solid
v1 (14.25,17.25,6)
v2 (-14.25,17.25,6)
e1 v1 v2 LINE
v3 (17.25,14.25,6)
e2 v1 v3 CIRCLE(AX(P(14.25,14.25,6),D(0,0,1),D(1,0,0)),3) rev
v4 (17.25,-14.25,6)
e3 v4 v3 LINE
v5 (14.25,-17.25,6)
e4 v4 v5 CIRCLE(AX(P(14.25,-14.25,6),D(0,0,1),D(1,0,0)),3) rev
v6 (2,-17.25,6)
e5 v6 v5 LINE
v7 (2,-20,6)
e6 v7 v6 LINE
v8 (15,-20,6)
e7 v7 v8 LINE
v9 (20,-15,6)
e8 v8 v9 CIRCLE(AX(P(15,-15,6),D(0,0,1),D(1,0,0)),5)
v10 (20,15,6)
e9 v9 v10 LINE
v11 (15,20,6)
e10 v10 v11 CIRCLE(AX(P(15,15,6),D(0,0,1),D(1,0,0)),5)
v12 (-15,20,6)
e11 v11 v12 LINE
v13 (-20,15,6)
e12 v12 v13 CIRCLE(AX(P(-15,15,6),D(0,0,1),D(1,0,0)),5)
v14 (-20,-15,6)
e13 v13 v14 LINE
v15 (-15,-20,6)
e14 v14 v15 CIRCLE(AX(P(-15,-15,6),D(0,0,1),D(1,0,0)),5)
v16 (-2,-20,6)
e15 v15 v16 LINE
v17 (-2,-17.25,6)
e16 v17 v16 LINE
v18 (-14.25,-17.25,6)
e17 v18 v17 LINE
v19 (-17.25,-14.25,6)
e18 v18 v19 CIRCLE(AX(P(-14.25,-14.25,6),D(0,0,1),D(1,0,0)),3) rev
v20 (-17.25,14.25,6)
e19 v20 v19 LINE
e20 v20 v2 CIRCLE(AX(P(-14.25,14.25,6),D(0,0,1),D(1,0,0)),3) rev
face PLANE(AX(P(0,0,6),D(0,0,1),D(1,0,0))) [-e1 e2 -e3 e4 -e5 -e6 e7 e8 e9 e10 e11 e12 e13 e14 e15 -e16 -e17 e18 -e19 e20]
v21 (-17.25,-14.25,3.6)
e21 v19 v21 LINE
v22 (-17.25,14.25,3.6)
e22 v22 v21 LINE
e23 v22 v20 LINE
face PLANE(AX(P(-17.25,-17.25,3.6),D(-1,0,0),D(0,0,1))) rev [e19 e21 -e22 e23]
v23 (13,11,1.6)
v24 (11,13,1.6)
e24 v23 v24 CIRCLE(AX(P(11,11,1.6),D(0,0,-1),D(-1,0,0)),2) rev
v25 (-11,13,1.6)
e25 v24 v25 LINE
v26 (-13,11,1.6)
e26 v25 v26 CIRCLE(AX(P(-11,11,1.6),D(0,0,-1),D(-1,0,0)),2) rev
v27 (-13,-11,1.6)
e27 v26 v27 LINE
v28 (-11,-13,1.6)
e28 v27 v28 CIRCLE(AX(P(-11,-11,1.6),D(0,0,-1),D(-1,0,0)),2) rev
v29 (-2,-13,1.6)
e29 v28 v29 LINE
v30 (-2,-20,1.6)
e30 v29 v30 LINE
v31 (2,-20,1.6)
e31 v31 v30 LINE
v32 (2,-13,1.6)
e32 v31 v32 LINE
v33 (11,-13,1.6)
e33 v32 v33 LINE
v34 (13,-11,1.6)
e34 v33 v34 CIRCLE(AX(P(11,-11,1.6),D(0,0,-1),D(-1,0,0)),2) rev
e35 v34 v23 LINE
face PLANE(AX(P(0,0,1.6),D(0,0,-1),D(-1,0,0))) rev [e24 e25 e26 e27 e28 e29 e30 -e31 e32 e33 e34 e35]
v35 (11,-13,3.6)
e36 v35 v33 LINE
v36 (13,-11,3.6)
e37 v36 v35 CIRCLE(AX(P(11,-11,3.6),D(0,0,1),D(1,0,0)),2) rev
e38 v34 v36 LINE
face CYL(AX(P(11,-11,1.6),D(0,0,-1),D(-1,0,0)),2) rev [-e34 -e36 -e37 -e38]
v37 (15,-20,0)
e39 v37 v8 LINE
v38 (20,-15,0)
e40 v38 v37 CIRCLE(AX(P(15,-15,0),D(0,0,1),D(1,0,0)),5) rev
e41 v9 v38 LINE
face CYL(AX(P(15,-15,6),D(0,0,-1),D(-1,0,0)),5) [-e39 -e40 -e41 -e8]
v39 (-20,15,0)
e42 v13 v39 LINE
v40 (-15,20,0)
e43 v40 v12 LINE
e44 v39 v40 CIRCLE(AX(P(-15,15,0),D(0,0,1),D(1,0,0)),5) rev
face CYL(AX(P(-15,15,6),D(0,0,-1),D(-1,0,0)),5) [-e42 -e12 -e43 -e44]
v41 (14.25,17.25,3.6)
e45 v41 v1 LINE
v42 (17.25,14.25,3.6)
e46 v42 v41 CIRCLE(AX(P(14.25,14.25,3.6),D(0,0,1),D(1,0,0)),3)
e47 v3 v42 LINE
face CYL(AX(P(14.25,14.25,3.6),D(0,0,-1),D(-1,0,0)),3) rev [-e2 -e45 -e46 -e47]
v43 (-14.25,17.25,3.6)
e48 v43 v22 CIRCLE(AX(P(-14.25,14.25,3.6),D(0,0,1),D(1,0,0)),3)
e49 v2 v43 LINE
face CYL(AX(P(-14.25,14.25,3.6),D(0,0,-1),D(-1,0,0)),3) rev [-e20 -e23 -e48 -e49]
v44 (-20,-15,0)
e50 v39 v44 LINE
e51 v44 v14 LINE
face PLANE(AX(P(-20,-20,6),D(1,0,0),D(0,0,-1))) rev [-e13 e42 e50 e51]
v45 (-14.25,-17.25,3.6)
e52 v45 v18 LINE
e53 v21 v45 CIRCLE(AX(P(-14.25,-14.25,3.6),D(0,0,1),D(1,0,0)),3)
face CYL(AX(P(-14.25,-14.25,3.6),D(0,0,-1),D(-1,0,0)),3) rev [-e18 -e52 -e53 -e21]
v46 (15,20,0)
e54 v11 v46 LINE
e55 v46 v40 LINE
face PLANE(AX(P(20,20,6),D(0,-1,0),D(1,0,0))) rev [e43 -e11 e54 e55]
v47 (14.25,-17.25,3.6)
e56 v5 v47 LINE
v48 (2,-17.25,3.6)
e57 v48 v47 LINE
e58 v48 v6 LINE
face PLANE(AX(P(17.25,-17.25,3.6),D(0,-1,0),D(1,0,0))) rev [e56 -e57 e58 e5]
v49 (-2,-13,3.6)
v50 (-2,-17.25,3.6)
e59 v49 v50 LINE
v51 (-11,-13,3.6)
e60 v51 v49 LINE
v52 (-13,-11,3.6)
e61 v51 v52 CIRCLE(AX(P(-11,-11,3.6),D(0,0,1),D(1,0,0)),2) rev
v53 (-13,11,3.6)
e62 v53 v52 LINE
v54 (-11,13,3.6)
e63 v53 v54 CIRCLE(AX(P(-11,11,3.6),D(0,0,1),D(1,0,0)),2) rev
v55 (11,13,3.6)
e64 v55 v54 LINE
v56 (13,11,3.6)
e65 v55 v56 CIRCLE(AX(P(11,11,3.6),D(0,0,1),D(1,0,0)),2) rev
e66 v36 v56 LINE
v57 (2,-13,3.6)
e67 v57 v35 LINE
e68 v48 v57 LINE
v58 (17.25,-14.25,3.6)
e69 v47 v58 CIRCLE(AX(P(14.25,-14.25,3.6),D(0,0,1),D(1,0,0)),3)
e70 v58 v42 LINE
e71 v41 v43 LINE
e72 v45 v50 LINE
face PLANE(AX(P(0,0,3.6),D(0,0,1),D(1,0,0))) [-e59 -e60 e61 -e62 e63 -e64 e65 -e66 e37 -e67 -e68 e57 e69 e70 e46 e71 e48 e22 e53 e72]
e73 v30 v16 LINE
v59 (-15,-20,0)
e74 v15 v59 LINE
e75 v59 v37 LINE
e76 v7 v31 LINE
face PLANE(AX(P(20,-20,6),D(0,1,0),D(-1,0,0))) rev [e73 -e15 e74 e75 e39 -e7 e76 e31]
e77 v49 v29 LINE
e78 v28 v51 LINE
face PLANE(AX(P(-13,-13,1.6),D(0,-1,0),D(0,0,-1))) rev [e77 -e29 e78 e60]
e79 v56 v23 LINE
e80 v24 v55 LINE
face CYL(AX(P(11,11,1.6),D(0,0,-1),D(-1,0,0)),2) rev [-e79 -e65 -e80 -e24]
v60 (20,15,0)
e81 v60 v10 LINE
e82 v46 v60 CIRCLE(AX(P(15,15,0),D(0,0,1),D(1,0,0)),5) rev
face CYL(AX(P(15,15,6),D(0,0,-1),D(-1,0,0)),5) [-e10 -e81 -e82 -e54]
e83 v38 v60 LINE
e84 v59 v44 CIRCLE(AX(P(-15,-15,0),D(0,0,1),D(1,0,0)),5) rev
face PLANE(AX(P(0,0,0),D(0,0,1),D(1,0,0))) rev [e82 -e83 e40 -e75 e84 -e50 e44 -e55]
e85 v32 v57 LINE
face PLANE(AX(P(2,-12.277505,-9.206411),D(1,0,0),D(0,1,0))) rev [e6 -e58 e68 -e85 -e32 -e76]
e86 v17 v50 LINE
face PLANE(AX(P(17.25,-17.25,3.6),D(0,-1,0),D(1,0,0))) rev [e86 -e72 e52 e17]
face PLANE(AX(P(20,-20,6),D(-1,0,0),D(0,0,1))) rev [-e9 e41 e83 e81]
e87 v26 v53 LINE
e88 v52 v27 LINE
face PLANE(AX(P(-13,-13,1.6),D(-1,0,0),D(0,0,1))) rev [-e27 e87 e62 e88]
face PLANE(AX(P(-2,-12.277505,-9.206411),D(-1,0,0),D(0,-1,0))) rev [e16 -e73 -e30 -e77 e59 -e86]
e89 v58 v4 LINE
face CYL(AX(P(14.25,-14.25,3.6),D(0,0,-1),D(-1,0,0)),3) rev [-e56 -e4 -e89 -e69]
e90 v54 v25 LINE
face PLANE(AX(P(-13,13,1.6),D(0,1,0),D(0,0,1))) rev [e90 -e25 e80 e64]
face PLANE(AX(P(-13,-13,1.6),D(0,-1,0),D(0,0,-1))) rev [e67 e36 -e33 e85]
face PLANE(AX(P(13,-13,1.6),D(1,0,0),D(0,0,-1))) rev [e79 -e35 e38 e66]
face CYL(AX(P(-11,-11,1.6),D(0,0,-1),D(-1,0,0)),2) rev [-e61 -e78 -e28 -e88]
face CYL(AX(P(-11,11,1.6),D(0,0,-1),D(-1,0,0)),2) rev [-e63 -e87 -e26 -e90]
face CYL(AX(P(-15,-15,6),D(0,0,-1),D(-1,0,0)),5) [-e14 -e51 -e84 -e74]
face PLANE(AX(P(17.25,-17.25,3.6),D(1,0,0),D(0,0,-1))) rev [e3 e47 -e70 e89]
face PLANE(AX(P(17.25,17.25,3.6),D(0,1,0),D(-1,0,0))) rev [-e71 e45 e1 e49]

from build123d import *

# Parameters (mm, degrees)
SKIZZE1_W                       = 40
SKIZZE1_H                       = 40
AUFSATZ_LINEAR_AUSTRAGEN1_DEPTH = 6
VERRUNDUNG1_R                   = 5
SKIZZE2_W                       = 34.5
SKIZZE2_H                       = 34.5
SCHNITT_LINEAR_AUSTRAGEN1_DEPTH = 2.4
VERRUNDUNG2_R                   = 3
SKIZZE3_W                       = 26
SKIZZE3_H                       = 26
SCHNITT_LINEAR_AUSTRAGEN2_DEPTH = 2
VERRUNDUNG3_R                   = 2
SCHNITT_LINEAR_AUSTRAGEN3_REACH = 30.914
SKIZZE4_W                       = 4
SKIZZE4_H                       = 10.038850157


with BuildPart() as part:
    # Skizze1 → Aufsatz-Linear austragen1 (new body)
    with BuildSketch(Plane.XY):
        Rectangle(SKIZZE1_W, SKIZZE1_H)
    extrude(amount=AUFSATZ_LINEAR_AUSTRAGEN1_DEPTH)

    # Verrundung1
    verrundung1_edges = [part.edges().sort_by_distance(p)[0] for p in [
        (-20, 20, 3),
        (20, 20, 3),
        (20, -20, 3),
        (-20, -20, 3),
    ]]
    fillet(verrundung1_edges, radius=VERRUNDUNG1_R)

    # Skizze2 → Schnitt-Linear austragen1 (cut)
    with BuildSketch(Plane.XY.offset(6)):
        Rectangle(SKIZZE2_W, SKIZZE2_H)
    extrude(amount=-SCHNITT_LINEAR_AUSTRAGEN1_DEPTH, mode=Mode.SUBTRACT)

    # Verrundung2
    verrundung2_edges = [part.edges().sort_by_distance(p)[0] for p in [
        (-17.25, -17.25, 4.8),
        (-17.25, 17.25, 4.8),
        (17.25, 17.25, 4.8),
        (17.25, -17.25, 4.8),
    ]]
    fillet(verrundung2_edges, radius=VERRUNDUNG2_R)

    # Skizze3 → Schnitt-Linear austragen2 (cut)
    with BuildSketch(Plane.XY.offset(3.6)):
        Rectangle(SKIZZE3_W, SKIZZE3_H)
    extrude(amount=-SCHNITT_LINEAR_AUSTRAGEN2_DEPTH, mode=Mode.SUBTRACT)

    # Verrundung3
    verrundung3_edges = [part.edges().sort_by_distance(p)[0] for p in [
        (13, 13, 2.6),
        (13, -13, 2.6),
        (-13, -13, 2.6),
        (-13, 13, 2.6),
    ]]
    fillet(verrundung3_edges, radius=VERRUNDUNG3_R)

    # Schnitt-Linear austragen3: up to this face of the body (flat: up to its plane)
    schnitt_linear_austragen3_end = Plane(part.part.faces().sort_by_distance((0, 0, 1.6))[0])
    # Skizze4 → Schnitt-Linear austragen3 (cut, up to the picked face)
    with BuildSketch(Plane.XY.offset(6), mode=Mode.PRIVATE) as schnitt_linear_austragen3_sk1:
        with Locations((0, -17.296929977)):
            Rectangle(SKIZZE4_W, SKIZZE4_H)
    schnitt_linear_austragen3_tool1 = split(extrude(schnitt_linear_austragen3_sk1.sketch, amount=-SCHNITT_LINEAR_AUSTRAGEN3_REACH, mode=Mode.PRIVATE), bisect_by=schnitt_linear_austragen3_end, keep=Keep.BOTH, mode=Mode.PRIVATE)
    add(schnitt_linear_austragen3_tool1.solids().sort_by(Axis((0, -17.29693, 6), (0, 0, -1)))[0], mode=Mode.SUBTRACT)


solid = part.part
